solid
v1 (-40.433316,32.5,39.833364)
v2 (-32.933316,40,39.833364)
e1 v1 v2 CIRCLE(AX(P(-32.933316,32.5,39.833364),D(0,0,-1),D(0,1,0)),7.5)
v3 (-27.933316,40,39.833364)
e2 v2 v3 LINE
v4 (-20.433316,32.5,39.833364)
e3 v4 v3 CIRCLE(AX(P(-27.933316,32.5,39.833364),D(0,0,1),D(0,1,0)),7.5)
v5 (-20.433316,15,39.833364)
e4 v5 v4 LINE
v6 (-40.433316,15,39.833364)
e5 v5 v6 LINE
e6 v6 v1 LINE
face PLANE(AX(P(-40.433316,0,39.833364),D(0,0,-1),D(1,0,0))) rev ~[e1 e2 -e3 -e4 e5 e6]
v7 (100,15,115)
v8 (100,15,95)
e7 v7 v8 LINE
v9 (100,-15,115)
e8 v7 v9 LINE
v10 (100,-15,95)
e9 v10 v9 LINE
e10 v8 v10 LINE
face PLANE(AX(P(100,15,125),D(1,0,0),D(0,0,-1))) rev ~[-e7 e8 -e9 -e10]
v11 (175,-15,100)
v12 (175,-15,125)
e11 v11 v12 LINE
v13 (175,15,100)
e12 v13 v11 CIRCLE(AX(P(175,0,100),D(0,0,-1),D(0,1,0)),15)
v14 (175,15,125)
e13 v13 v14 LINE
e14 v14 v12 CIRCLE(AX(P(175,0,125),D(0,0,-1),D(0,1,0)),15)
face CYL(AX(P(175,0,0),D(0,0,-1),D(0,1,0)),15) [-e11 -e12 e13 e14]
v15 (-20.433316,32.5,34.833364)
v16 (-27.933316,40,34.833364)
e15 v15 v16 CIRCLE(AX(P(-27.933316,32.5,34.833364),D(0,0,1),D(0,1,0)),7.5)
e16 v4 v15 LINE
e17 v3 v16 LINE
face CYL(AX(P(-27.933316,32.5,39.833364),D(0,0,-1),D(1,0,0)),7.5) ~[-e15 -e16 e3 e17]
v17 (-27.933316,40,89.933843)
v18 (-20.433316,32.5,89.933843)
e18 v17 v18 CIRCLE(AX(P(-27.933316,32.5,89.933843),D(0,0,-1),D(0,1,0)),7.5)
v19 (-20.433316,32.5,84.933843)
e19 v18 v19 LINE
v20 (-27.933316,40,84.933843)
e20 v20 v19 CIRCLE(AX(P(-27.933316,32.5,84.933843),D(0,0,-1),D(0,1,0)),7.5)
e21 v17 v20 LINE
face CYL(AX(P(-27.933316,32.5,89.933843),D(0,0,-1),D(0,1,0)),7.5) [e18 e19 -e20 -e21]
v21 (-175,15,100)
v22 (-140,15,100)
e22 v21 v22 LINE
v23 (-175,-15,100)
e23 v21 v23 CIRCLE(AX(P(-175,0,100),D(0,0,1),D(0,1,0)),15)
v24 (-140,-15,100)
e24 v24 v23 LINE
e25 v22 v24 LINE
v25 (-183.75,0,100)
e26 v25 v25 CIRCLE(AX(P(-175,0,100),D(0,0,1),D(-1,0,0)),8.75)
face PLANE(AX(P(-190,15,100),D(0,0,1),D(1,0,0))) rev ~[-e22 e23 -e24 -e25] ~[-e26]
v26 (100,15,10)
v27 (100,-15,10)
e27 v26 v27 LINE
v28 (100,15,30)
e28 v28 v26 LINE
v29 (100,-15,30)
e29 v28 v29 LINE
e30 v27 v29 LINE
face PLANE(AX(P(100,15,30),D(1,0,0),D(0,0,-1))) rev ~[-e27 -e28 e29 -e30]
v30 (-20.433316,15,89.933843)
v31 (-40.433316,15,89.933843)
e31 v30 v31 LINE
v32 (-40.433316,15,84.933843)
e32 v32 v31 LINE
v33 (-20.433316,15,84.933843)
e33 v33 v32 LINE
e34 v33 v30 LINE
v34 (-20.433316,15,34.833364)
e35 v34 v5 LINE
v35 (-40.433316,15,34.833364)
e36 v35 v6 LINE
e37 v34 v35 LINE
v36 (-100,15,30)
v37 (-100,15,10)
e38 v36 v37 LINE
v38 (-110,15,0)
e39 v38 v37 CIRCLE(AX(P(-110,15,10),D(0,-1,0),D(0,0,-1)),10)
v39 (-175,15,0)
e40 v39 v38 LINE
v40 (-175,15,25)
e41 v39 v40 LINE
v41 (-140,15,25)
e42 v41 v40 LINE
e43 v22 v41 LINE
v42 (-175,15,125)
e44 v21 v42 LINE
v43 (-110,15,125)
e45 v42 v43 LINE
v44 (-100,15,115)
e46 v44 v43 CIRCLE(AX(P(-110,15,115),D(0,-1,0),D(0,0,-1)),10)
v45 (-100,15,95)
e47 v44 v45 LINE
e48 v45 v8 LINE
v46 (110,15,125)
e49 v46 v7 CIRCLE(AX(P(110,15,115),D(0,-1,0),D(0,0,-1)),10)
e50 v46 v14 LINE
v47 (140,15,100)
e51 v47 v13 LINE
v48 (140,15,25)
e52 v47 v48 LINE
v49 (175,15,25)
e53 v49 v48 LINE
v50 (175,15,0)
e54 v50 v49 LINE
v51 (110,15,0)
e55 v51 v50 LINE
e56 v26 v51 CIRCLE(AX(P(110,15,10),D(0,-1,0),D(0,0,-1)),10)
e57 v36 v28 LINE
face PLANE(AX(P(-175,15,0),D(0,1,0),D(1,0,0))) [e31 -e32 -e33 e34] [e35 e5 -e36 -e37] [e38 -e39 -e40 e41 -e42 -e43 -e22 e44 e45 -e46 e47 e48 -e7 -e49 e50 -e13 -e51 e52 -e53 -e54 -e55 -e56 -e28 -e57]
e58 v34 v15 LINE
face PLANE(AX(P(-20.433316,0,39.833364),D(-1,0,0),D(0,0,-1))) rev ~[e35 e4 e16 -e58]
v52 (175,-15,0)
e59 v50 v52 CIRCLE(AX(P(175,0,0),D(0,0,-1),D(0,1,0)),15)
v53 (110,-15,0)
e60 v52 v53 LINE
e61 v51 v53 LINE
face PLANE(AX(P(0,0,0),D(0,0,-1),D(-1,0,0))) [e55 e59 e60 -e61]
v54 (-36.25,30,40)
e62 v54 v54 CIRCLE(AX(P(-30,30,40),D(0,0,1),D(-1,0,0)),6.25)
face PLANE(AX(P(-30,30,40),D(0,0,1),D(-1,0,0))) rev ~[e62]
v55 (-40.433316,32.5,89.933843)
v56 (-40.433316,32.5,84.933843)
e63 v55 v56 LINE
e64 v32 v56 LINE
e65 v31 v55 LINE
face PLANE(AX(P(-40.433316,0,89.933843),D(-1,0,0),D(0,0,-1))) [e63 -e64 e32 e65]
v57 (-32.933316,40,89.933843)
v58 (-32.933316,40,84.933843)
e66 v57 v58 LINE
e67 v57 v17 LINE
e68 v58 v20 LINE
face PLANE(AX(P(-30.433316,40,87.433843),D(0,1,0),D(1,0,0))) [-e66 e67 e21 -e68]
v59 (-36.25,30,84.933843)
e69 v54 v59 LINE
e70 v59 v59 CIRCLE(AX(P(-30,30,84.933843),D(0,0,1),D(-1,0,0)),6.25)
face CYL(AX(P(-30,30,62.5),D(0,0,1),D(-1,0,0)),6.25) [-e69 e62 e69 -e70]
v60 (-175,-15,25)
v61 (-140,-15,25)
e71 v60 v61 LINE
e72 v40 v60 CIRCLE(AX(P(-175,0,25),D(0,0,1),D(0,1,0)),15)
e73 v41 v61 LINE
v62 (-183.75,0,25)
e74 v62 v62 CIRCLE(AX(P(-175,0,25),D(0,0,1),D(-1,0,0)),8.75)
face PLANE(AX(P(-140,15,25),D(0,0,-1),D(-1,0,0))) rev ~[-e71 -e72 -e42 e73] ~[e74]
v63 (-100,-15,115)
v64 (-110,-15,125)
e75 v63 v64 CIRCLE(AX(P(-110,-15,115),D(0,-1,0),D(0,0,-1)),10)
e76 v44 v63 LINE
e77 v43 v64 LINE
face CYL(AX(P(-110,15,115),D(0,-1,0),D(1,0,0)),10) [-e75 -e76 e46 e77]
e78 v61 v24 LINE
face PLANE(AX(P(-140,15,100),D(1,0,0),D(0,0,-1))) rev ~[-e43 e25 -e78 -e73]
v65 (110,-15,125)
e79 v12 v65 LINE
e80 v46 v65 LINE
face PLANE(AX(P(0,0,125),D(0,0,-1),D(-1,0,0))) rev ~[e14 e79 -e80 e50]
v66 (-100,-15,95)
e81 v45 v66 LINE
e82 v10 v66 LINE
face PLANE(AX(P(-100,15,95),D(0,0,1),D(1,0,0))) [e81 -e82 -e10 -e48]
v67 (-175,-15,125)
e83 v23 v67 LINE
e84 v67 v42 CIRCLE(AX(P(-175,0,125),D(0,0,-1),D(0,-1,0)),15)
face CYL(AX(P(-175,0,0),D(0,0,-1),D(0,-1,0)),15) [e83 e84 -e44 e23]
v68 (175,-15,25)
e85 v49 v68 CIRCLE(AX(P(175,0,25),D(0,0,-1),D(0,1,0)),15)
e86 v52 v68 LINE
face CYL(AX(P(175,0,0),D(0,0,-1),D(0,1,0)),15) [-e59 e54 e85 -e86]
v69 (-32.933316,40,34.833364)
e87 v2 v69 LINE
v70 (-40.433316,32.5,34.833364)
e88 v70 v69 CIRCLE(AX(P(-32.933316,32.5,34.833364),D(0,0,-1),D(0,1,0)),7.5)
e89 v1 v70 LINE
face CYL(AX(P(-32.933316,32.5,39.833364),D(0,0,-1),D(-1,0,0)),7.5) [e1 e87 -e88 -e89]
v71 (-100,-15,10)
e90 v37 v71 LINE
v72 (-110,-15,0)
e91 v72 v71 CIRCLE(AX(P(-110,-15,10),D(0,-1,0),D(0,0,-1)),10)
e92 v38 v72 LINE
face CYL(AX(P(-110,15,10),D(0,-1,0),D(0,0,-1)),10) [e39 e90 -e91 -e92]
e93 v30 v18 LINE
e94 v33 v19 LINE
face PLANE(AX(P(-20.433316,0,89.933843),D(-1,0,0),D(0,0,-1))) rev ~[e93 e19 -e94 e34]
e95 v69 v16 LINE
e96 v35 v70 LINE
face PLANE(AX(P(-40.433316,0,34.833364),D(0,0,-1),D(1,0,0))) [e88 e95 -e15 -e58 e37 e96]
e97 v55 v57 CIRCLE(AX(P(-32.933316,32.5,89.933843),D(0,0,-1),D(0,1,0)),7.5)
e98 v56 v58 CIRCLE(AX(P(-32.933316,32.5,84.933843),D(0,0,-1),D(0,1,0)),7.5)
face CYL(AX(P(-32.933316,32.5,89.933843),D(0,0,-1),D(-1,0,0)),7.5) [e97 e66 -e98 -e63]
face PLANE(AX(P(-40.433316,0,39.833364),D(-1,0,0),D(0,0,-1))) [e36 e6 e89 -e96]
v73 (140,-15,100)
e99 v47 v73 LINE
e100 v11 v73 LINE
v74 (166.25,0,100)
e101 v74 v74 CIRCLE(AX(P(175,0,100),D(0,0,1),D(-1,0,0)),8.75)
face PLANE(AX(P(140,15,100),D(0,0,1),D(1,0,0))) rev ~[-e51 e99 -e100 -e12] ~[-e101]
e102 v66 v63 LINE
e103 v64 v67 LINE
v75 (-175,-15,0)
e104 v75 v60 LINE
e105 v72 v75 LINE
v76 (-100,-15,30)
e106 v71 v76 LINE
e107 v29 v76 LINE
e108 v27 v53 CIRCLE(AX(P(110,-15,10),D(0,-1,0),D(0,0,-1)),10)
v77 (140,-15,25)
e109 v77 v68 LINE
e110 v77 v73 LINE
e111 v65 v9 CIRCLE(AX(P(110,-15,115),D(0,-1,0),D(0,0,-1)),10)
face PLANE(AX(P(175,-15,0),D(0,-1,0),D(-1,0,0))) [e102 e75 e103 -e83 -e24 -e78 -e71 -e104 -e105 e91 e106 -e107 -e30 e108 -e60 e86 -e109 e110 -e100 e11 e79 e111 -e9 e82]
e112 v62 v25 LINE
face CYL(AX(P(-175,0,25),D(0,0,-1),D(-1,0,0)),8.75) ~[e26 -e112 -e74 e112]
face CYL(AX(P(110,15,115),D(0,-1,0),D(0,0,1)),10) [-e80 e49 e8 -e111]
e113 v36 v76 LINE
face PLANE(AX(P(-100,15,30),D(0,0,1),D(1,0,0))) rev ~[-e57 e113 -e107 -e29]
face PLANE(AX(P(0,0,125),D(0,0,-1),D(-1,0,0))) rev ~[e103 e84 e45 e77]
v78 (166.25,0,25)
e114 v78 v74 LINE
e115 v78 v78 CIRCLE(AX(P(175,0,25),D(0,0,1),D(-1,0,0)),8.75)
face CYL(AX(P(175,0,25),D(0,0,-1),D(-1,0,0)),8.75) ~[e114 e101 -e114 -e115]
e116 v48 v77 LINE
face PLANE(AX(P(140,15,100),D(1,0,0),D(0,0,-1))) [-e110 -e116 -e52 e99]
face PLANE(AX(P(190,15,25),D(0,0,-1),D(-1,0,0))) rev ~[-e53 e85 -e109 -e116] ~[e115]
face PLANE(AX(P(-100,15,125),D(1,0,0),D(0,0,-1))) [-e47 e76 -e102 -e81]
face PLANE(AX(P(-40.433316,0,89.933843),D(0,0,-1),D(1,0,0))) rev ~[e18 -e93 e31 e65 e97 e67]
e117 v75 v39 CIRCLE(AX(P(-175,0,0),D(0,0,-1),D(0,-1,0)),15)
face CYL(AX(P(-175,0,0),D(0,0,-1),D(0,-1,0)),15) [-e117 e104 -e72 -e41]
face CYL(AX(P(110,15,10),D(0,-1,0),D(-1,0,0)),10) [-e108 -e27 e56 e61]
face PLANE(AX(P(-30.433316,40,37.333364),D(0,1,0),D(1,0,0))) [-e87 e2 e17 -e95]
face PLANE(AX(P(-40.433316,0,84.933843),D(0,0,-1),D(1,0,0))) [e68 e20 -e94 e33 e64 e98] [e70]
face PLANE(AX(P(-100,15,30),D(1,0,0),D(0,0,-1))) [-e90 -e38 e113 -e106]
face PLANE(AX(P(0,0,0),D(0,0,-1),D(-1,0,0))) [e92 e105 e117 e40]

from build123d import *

# Parameters (mm, degrees)
BOSS_EXTRUDE1_DEPTH = 125
SKETCH2_W           = 35
SKETCH2_H           = 75
SKETCH2_W_2         = 15
CUT_EXTRUDE1_DEPTH  = 100
SKETCH3_R           = 8.75
BOSS_EXTRUDE2_DEPTH = 75
SKETCH4_W           = 200
SKETCH4_H           = 30
CUT_EXTRUDE2_DEPTH  = 230.401394939
FILLET1_R           = 10
SKETCH6_R           = 6.25
BOSS_EXTRUDE3_DEPTH = 22.5
SKETCH7_W           = 20
SKETCH7_H           = 5
BOSS_EXTRUDE4_DEPTH = 40
FILLET2_R           = 7.5


with BuildPart() as part:
    # Sketch1 → Boss-Extrude1 (new body)
    with BuildSketch(Plane.XY):
        with BuildLine():
            Line((-175, 15), (175, 15))
            ThreePointArc((175, 15), (190, 0), (175, -15))
            Line((175, -15), (-175, -15))
            ThreePointArc((-175, -15), (-190, 0), (-175, 15))
        make_face()
    extrude(amount=BOSS_EXTRUDE1_DEPTH)

    # Sketch2 → Cut-Extrude1 (cut)
    with BuildSketch(Plane(origin=(0, 15, 0), x_dir=(1, 0, 0), z_dir=(0, 1, 0))):
        with Locations((-157.5, -62.5)):
            Rectangle(SKETCH2_W, SKETCH2_H)
        with Locations((-182.5, -62.5)):
            Rectangle(SKETCH2_W_2, SKETCH2_H)
        with Locations((182.5, -62.5)):
            Rectangle(SKETCH2_W_2, SKETCH2_H)
        with Locations((157.5, -62.5)):
            Rectangle(SKETCH2_W, SKETCH2_H)
    extrude(amount=-CUT_EXTRUDE1_DEPTH, mode=Mode.SUBTRACT)

    # Sketch3 → Boss-Extrude2 (add)
    with BuildSketch(Plane.XY.offset(25)):
        with Locations(Location((-175, 0, 0), (0, 0, 180))):
            Circle(SKETCH3_R)
        with Locations(Location((175, 0, 0), (0, 0, 180))):
            Circle(SKETCH3_R)
    extrude(amount=BOSS_EXTRUDE2_DEPTH)

    # Sketch4 → Cut-Extrude2 (cut, through all)
    with BuildSketch(Plane(origin=(0, 15, 0), x_dir=(1, 0, 0), z_dir=(0, 1, 0))):
        with Locations((0, -15)):
            Rectangle(SKETCH4_W, SKETCH4_H)
        with Locations((0, -110)):
            Rectangle(SKETCH4_W, SKETCH4_H)
    extrude(amount=-CUT_EXTRUDE2_DEPTH, mode=Mode.SUBTRACT)

    # Fillet1
    fillet1_edges = [part.edges().sort_by_distance(p)[0] for p in [
        (-100, 0, 0),
        (100, 0, 0),
        (100, 0, 125),
        (-100, 0, 125),
    ]]
    fillet(fillet1_edges, radius=FILLET1_R)



with BuildPart() as body_2:
    # Sketch6 → Boss-Extrude3 (new, symmetric)
    with BuildSketch(Plane.XY.offset(62.5)):
        with Locations(Location((-30, 30, 0), (0, 0, 180))):
            Circle(SKETCH6_R)
    extrude(amount=BOSS_EXTRUDE3_DEPTH, both=True)


with BuildPart() as part_1:
    add(part.part)

    add(body_2.part)  # Boss-Extrude4 merges body 2
    # Sketch7 → Boss-Extrude4 (add)
    with BuildSketch(Plane(origin=(0, 0, 0), x_dir=(1, 0, 0), z_dir=(0, 1, 0))):
        with Locations((-30.433316443, -87.433842939)):
            Rectangle(SKETCH7_W, SKETCH7_H)
        with Locations((-30.433316443, -37.333363873)):
            Rectangle(SKETCH7_W, SKETCH7_H)
    extrude(amount=BOSS_EXTRUDE4_DEPTH)

    # Fillet2
    fillet2_edges = [part_1.edges().sort_by_distance(p)[0] for p in [
        (-20.433316443, 40, 87.433842939),
        (-40.433316443, 40, 87.433842939),
        (-40.433316443, 40, 37.333363873),
        (-20.433316443, 40, 37.333363873),
    ]]
    fillet(fillet2_edges, radius=FILLET2_R)


solid = part_1.part
